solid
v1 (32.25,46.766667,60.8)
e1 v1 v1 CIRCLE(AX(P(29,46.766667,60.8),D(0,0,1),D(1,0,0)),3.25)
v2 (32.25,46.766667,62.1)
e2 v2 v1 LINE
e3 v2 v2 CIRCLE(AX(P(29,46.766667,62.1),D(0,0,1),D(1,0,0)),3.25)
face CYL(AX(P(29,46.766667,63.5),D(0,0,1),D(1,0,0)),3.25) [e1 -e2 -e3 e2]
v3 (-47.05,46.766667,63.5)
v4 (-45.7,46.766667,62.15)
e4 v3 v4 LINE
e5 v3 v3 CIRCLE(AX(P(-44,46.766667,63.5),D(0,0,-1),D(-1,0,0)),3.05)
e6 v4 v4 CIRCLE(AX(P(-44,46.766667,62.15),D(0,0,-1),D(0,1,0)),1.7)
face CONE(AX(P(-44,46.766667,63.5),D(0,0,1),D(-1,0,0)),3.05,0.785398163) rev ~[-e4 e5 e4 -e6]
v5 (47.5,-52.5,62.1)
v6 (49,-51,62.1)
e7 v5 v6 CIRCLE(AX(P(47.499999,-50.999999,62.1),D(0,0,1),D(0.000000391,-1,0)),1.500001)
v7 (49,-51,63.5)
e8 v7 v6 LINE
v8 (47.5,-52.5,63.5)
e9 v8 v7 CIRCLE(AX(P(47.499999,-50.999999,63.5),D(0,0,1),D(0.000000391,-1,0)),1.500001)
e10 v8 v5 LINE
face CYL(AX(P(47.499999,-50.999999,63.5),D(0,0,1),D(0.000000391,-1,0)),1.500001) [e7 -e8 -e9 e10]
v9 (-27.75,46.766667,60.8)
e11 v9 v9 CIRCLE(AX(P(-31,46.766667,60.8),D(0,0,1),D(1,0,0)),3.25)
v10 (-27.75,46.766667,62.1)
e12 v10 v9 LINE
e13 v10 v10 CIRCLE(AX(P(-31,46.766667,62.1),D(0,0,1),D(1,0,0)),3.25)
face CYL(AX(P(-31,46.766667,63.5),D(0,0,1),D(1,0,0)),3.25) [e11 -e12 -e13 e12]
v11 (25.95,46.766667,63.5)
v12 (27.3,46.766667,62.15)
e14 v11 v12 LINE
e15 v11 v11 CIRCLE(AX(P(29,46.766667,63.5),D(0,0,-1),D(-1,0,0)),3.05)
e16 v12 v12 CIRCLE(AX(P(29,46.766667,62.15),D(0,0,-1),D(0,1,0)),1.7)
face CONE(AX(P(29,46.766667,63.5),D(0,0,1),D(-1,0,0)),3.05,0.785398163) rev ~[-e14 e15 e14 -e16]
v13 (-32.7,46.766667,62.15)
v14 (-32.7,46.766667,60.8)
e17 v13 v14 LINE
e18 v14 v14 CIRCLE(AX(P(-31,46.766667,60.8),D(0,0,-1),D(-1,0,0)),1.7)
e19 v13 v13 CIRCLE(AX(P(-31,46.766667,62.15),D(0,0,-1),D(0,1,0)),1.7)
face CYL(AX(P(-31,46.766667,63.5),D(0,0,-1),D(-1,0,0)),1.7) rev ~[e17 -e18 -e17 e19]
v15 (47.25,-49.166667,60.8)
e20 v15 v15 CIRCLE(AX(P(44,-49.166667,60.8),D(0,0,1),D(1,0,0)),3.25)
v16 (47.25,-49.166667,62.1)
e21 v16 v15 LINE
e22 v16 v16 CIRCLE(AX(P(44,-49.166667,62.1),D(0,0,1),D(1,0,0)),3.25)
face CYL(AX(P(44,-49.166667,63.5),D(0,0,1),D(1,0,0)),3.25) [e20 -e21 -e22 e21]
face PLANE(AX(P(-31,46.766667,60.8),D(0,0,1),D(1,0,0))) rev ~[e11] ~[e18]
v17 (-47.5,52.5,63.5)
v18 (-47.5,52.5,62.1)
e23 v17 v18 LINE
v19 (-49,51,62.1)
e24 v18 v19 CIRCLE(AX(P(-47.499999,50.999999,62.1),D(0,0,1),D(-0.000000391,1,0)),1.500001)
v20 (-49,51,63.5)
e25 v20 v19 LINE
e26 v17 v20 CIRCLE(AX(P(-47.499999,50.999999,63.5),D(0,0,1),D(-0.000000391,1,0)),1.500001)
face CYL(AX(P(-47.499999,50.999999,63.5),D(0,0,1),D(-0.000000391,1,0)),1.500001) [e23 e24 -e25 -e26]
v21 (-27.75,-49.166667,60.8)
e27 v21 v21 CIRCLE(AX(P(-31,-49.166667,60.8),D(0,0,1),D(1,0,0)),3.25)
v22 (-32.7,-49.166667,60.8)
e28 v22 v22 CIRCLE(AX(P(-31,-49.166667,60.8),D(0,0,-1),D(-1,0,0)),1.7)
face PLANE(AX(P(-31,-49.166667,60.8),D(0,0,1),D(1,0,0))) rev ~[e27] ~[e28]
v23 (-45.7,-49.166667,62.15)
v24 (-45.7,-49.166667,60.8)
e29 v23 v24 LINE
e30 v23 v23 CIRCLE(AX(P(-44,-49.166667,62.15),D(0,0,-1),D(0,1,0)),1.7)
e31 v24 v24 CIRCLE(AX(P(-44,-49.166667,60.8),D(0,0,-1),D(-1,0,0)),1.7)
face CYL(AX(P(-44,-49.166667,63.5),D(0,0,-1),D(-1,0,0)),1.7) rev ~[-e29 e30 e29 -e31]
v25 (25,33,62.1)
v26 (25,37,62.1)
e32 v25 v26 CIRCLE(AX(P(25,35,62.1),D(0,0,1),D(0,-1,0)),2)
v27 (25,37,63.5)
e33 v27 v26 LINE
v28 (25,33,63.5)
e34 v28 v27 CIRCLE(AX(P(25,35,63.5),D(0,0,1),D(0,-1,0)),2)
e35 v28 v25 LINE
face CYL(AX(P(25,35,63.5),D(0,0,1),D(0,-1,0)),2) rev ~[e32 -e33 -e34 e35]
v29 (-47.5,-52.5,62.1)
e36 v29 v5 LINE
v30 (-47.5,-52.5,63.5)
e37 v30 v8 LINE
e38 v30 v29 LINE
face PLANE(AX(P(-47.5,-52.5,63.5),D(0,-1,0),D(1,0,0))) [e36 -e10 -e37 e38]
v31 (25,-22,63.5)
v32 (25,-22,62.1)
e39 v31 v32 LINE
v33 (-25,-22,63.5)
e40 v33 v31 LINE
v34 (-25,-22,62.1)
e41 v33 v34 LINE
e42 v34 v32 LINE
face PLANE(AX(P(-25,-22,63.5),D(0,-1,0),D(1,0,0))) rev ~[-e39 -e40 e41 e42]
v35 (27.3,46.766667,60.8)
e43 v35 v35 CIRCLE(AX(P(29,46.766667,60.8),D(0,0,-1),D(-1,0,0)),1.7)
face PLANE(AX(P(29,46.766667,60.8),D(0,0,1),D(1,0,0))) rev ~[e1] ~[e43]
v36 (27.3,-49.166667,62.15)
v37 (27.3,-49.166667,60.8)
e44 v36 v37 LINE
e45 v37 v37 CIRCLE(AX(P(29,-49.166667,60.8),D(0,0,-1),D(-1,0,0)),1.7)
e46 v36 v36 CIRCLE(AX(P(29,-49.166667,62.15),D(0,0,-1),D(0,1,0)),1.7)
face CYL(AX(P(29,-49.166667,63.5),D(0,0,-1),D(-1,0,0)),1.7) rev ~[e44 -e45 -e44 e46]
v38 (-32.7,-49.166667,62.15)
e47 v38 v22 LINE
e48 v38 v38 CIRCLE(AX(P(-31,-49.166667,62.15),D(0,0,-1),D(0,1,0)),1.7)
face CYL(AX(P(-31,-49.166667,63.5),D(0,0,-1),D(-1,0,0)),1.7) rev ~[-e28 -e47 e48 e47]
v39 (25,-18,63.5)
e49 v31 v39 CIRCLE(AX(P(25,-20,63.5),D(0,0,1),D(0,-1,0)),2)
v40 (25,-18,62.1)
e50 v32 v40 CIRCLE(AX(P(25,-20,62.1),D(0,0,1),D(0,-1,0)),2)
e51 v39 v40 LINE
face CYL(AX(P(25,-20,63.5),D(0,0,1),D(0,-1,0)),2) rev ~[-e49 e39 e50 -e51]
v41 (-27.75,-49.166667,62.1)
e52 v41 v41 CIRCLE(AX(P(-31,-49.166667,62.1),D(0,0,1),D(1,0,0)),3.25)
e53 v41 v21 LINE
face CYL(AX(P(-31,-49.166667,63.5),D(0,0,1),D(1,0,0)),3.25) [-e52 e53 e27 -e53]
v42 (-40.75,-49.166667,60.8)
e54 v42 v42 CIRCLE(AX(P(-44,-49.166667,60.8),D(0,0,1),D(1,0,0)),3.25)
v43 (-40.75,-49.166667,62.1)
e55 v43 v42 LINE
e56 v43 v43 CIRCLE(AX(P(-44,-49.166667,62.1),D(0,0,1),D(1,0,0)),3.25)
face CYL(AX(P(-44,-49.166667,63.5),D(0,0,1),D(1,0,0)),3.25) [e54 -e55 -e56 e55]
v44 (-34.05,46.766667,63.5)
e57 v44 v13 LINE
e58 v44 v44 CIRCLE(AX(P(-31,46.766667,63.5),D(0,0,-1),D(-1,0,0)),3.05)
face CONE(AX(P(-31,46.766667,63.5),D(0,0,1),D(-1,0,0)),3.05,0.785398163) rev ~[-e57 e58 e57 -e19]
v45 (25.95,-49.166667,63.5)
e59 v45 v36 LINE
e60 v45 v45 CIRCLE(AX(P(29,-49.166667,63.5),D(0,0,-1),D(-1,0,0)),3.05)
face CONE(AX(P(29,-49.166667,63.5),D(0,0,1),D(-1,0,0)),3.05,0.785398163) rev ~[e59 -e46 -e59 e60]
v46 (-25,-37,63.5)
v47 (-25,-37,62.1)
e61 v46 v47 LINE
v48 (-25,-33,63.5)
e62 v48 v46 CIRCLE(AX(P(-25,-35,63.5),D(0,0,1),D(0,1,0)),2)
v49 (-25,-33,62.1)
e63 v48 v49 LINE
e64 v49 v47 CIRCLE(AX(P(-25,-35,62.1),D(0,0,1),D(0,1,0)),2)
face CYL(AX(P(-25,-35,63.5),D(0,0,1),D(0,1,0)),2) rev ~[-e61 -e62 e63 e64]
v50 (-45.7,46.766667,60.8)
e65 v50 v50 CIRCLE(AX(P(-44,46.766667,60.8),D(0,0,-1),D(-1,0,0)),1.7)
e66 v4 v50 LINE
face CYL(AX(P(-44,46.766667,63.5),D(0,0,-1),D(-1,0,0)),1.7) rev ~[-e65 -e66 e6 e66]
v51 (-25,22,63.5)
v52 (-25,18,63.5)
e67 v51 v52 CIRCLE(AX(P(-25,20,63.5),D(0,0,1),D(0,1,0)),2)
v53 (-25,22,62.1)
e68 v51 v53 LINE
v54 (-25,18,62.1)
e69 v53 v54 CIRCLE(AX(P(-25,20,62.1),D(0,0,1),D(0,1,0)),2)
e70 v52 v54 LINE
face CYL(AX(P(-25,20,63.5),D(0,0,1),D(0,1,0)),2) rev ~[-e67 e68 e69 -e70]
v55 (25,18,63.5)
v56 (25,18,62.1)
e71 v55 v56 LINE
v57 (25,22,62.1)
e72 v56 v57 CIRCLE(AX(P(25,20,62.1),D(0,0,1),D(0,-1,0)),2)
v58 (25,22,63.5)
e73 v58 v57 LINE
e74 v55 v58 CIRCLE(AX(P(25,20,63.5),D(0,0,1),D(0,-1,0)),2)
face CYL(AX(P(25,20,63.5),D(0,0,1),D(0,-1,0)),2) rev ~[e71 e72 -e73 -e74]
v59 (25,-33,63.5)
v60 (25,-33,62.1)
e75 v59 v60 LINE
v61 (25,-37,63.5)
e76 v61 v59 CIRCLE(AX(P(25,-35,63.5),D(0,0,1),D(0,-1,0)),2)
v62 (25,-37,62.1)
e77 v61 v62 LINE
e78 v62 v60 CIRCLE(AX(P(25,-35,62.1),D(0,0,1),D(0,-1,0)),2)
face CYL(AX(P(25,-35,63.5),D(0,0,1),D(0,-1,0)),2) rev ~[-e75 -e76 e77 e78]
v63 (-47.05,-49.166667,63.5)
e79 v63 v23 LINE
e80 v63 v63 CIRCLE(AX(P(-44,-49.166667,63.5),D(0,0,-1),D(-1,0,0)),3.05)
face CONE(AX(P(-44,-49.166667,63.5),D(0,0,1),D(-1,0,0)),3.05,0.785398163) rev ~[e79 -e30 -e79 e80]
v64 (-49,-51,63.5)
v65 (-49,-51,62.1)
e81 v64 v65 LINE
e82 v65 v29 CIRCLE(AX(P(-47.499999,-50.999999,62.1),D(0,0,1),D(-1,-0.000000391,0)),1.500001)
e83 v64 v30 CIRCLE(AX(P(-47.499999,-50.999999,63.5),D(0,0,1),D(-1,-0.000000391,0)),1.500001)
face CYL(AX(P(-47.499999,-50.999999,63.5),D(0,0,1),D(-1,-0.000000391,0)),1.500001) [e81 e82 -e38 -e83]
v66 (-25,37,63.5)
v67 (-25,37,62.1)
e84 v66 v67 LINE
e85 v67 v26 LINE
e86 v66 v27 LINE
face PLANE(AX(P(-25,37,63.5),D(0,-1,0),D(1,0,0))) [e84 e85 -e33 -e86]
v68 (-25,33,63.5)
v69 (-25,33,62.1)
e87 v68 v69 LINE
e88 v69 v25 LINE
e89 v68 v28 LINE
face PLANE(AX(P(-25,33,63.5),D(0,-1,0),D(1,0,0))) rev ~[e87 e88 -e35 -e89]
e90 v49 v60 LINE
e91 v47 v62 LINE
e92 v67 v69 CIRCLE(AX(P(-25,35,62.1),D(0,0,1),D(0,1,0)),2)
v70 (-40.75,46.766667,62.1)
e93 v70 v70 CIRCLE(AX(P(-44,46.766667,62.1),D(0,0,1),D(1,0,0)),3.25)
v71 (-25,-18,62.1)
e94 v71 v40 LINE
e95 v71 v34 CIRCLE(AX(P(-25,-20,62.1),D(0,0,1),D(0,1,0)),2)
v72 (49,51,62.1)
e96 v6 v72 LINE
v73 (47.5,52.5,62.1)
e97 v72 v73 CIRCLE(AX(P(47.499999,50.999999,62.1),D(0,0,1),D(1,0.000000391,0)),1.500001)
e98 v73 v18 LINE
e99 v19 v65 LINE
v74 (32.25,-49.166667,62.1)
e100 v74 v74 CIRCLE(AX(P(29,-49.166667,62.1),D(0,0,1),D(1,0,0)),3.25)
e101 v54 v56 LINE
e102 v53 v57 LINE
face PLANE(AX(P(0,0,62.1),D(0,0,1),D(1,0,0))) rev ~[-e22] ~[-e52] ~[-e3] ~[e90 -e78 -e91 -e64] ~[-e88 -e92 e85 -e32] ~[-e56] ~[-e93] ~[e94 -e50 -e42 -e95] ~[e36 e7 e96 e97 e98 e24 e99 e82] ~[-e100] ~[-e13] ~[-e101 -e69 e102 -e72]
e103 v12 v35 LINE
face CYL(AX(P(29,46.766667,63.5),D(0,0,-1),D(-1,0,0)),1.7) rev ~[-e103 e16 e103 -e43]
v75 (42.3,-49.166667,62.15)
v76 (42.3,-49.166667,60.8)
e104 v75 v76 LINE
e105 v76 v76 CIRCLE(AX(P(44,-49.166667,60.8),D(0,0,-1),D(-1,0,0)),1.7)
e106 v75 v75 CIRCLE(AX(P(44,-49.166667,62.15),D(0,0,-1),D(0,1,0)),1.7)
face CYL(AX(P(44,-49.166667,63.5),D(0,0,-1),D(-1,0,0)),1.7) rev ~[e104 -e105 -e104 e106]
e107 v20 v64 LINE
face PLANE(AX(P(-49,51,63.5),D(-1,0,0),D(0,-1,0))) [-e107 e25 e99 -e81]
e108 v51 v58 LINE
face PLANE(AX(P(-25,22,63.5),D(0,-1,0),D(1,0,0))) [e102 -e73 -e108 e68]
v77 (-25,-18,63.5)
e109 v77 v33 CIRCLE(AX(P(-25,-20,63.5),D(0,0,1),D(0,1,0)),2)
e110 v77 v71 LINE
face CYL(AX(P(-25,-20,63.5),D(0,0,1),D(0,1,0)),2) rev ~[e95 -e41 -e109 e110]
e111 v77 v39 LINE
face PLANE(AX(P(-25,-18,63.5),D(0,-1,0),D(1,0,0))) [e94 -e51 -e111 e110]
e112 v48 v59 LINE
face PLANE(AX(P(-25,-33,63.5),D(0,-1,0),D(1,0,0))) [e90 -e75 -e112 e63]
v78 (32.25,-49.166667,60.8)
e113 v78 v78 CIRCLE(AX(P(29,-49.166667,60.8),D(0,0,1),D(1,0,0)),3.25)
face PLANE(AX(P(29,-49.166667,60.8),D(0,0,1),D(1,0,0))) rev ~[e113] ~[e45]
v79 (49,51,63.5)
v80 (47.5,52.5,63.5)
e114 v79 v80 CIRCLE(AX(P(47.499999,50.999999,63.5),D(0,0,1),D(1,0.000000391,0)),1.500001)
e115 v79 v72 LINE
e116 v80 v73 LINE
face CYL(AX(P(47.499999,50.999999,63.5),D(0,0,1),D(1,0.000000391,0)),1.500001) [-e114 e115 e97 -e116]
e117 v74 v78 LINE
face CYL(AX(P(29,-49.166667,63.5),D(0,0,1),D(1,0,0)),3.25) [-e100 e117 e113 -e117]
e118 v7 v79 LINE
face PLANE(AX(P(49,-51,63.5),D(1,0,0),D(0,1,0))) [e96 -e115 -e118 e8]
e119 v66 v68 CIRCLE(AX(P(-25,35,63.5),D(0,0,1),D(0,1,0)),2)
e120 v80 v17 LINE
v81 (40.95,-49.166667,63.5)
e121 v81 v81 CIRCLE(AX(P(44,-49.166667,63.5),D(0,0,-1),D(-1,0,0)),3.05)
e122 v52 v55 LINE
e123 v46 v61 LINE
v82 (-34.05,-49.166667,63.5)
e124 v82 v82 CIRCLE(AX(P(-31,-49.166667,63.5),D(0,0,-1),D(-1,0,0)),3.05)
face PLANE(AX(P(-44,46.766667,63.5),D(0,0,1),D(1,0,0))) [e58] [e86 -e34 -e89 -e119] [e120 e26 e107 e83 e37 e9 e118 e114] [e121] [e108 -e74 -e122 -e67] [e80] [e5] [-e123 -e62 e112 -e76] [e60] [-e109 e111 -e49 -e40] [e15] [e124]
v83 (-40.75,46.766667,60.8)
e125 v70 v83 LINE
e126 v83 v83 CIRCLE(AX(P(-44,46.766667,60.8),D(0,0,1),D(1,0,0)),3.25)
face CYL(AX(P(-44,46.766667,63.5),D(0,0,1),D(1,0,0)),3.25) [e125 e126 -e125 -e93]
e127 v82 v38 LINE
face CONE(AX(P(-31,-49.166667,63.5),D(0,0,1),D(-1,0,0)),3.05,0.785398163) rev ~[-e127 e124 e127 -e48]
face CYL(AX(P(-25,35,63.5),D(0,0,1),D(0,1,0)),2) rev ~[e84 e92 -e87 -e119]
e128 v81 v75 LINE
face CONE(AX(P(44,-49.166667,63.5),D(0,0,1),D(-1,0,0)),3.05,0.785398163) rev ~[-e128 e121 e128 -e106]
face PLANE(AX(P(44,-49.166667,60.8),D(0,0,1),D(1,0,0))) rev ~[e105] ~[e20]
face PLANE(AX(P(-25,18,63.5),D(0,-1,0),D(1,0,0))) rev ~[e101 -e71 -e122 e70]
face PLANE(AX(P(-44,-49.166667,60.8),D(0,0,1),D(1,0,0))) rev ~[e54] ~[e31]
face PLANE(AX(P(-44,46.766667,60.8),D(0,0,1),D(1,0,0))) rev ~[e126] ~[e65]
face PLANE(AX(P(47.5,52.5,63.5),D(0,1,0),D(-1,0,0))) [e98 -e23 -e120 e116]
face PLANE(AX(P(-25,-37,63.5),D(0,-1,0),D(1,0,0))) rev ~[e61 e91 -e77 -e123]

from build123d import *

# Parameters (mm, degrees)
PAD009_DEPTH     = 1.4
SKETCH015_R      = 3.25
PAD010_DEPTH     = 2.7
HOLE_D           = 3.4
HOLE_DEPTH       = 25
HOLE_CSINK_D     = 6.1
HOLE_CSINK_ANGLE = 90
POCKET003_DEPTH  = 1.4


with BuildPart() as part:
    # Sketch014 → Pad009 (new body)
    with BuildSketch(Plane.XY):
        with BuildLine():
            Line((-49, 51), (-49, -51))
            ThreePointArc((-49, -51), (-48.56066, -52.06066), (-47.5, -52.5))
            Line((-47.5, -52.5), (47.5, -52.5))
            ThreePointArc((47.5, -52.5), (48.56066, -52.06066), (49, -51))
            Line((49, -51), (49, 51))
            ThreePointArc((49, 51), (48.56066, 52.06066), (47.5, 52.5))
            Line((47.5, 52.5), (-47.5, 52.5))
            ThreePointArc((-47.5, 52.5), (-48.56066, 52.06066), (-49, 51))
        make_face()
    extrude(amount=-PAD009_DEPTH)

    # Sketch015 → Pad010 (join)
    with BuildSketch(Plane.XY):
        with Locations((-44, 46.766667)):
            Circle(SKETCH015_R)
        with Locations((-31, 46.766667)):
            Circle(SKETCH015_R)
        with Locations((29, 46.766667)):
            Circle(SKETCH015_R)
        with Locations((-44, -49.166667)):
            Circle(SKETCH015_R)
        with Locations((-31, -49.166667)):
            Circle(SKETCH015_R)
        with Locations((29, -49.166667)):
            Circle(SKETCH015_R)
        with Locations((44, -49.166667)):
            Circle(SKETCH015_R)
    extrude(amount=-PAD010_DEPTH)

    # Hole
    with Locations(Plane.XY):
        with Locations((-44, 46.766667), (-31, 46.766667), (29, 46.766667), (-44, -49.166667), (-31, -49.166667), (29, -49.166667), (44, -49.166667)):
            CounterSinkHole(HOLE_D / 2, HOLE_CSINK_D / 2, depth=HOLE_DEPTH, counter_sink_angle=HOLE_CSINK_ANGLE)

    # Sketch016 (on Face4 of Hole) → Pocket003 (cut)
    with BuildSketch(Plane.XY):
        with BuildLine():
            ThreePointArc((-25, 37), (-27, 35), (-25, 33))
            Line((-25, 33), (25, 33))
            ThreePointArc((25, 33), (27, 35), (25, 37))
            Line((-25, 37), (25, 37))
        make_face()
        with BuildLine():
            ThreePointArc((-25, -33), (-27, -35), (-25, -37))
            Line((-25, -37), (25, -37))
            ThreePointArc((25, -37), (27, -35), (25, -33))
            Line((-25, -33), (25, -33))
        make_face()
        with BuildLine():
            ThreePointArc((-25, 22), (-27, 20), (-25, 18))
            Line((-25, 18), (25, 18))
            ThreePointArc((25, 18), (27, 20), (25, 22))
            Line((-25, 22), (25, 22))
        make_face()
        with BuildLine():
            ThreePointArc((-25, -18), (-27, -20), (-25, -22))
            Line((-25, -22), (25, -22))
            ThreePointArc((25, -22), (27, -20), (25, -18))
            Line((-25, -18), (25, -18))
        make_face()
    extrude(amount=-POCKET003_DEPTH, mode=Mode.SUBTRACT)


with BuildPart() as part_1:
    # Body003 placement: moved
    add(part.part.moved(Location((0, 0, 63.5))))


solid = part_1.part
